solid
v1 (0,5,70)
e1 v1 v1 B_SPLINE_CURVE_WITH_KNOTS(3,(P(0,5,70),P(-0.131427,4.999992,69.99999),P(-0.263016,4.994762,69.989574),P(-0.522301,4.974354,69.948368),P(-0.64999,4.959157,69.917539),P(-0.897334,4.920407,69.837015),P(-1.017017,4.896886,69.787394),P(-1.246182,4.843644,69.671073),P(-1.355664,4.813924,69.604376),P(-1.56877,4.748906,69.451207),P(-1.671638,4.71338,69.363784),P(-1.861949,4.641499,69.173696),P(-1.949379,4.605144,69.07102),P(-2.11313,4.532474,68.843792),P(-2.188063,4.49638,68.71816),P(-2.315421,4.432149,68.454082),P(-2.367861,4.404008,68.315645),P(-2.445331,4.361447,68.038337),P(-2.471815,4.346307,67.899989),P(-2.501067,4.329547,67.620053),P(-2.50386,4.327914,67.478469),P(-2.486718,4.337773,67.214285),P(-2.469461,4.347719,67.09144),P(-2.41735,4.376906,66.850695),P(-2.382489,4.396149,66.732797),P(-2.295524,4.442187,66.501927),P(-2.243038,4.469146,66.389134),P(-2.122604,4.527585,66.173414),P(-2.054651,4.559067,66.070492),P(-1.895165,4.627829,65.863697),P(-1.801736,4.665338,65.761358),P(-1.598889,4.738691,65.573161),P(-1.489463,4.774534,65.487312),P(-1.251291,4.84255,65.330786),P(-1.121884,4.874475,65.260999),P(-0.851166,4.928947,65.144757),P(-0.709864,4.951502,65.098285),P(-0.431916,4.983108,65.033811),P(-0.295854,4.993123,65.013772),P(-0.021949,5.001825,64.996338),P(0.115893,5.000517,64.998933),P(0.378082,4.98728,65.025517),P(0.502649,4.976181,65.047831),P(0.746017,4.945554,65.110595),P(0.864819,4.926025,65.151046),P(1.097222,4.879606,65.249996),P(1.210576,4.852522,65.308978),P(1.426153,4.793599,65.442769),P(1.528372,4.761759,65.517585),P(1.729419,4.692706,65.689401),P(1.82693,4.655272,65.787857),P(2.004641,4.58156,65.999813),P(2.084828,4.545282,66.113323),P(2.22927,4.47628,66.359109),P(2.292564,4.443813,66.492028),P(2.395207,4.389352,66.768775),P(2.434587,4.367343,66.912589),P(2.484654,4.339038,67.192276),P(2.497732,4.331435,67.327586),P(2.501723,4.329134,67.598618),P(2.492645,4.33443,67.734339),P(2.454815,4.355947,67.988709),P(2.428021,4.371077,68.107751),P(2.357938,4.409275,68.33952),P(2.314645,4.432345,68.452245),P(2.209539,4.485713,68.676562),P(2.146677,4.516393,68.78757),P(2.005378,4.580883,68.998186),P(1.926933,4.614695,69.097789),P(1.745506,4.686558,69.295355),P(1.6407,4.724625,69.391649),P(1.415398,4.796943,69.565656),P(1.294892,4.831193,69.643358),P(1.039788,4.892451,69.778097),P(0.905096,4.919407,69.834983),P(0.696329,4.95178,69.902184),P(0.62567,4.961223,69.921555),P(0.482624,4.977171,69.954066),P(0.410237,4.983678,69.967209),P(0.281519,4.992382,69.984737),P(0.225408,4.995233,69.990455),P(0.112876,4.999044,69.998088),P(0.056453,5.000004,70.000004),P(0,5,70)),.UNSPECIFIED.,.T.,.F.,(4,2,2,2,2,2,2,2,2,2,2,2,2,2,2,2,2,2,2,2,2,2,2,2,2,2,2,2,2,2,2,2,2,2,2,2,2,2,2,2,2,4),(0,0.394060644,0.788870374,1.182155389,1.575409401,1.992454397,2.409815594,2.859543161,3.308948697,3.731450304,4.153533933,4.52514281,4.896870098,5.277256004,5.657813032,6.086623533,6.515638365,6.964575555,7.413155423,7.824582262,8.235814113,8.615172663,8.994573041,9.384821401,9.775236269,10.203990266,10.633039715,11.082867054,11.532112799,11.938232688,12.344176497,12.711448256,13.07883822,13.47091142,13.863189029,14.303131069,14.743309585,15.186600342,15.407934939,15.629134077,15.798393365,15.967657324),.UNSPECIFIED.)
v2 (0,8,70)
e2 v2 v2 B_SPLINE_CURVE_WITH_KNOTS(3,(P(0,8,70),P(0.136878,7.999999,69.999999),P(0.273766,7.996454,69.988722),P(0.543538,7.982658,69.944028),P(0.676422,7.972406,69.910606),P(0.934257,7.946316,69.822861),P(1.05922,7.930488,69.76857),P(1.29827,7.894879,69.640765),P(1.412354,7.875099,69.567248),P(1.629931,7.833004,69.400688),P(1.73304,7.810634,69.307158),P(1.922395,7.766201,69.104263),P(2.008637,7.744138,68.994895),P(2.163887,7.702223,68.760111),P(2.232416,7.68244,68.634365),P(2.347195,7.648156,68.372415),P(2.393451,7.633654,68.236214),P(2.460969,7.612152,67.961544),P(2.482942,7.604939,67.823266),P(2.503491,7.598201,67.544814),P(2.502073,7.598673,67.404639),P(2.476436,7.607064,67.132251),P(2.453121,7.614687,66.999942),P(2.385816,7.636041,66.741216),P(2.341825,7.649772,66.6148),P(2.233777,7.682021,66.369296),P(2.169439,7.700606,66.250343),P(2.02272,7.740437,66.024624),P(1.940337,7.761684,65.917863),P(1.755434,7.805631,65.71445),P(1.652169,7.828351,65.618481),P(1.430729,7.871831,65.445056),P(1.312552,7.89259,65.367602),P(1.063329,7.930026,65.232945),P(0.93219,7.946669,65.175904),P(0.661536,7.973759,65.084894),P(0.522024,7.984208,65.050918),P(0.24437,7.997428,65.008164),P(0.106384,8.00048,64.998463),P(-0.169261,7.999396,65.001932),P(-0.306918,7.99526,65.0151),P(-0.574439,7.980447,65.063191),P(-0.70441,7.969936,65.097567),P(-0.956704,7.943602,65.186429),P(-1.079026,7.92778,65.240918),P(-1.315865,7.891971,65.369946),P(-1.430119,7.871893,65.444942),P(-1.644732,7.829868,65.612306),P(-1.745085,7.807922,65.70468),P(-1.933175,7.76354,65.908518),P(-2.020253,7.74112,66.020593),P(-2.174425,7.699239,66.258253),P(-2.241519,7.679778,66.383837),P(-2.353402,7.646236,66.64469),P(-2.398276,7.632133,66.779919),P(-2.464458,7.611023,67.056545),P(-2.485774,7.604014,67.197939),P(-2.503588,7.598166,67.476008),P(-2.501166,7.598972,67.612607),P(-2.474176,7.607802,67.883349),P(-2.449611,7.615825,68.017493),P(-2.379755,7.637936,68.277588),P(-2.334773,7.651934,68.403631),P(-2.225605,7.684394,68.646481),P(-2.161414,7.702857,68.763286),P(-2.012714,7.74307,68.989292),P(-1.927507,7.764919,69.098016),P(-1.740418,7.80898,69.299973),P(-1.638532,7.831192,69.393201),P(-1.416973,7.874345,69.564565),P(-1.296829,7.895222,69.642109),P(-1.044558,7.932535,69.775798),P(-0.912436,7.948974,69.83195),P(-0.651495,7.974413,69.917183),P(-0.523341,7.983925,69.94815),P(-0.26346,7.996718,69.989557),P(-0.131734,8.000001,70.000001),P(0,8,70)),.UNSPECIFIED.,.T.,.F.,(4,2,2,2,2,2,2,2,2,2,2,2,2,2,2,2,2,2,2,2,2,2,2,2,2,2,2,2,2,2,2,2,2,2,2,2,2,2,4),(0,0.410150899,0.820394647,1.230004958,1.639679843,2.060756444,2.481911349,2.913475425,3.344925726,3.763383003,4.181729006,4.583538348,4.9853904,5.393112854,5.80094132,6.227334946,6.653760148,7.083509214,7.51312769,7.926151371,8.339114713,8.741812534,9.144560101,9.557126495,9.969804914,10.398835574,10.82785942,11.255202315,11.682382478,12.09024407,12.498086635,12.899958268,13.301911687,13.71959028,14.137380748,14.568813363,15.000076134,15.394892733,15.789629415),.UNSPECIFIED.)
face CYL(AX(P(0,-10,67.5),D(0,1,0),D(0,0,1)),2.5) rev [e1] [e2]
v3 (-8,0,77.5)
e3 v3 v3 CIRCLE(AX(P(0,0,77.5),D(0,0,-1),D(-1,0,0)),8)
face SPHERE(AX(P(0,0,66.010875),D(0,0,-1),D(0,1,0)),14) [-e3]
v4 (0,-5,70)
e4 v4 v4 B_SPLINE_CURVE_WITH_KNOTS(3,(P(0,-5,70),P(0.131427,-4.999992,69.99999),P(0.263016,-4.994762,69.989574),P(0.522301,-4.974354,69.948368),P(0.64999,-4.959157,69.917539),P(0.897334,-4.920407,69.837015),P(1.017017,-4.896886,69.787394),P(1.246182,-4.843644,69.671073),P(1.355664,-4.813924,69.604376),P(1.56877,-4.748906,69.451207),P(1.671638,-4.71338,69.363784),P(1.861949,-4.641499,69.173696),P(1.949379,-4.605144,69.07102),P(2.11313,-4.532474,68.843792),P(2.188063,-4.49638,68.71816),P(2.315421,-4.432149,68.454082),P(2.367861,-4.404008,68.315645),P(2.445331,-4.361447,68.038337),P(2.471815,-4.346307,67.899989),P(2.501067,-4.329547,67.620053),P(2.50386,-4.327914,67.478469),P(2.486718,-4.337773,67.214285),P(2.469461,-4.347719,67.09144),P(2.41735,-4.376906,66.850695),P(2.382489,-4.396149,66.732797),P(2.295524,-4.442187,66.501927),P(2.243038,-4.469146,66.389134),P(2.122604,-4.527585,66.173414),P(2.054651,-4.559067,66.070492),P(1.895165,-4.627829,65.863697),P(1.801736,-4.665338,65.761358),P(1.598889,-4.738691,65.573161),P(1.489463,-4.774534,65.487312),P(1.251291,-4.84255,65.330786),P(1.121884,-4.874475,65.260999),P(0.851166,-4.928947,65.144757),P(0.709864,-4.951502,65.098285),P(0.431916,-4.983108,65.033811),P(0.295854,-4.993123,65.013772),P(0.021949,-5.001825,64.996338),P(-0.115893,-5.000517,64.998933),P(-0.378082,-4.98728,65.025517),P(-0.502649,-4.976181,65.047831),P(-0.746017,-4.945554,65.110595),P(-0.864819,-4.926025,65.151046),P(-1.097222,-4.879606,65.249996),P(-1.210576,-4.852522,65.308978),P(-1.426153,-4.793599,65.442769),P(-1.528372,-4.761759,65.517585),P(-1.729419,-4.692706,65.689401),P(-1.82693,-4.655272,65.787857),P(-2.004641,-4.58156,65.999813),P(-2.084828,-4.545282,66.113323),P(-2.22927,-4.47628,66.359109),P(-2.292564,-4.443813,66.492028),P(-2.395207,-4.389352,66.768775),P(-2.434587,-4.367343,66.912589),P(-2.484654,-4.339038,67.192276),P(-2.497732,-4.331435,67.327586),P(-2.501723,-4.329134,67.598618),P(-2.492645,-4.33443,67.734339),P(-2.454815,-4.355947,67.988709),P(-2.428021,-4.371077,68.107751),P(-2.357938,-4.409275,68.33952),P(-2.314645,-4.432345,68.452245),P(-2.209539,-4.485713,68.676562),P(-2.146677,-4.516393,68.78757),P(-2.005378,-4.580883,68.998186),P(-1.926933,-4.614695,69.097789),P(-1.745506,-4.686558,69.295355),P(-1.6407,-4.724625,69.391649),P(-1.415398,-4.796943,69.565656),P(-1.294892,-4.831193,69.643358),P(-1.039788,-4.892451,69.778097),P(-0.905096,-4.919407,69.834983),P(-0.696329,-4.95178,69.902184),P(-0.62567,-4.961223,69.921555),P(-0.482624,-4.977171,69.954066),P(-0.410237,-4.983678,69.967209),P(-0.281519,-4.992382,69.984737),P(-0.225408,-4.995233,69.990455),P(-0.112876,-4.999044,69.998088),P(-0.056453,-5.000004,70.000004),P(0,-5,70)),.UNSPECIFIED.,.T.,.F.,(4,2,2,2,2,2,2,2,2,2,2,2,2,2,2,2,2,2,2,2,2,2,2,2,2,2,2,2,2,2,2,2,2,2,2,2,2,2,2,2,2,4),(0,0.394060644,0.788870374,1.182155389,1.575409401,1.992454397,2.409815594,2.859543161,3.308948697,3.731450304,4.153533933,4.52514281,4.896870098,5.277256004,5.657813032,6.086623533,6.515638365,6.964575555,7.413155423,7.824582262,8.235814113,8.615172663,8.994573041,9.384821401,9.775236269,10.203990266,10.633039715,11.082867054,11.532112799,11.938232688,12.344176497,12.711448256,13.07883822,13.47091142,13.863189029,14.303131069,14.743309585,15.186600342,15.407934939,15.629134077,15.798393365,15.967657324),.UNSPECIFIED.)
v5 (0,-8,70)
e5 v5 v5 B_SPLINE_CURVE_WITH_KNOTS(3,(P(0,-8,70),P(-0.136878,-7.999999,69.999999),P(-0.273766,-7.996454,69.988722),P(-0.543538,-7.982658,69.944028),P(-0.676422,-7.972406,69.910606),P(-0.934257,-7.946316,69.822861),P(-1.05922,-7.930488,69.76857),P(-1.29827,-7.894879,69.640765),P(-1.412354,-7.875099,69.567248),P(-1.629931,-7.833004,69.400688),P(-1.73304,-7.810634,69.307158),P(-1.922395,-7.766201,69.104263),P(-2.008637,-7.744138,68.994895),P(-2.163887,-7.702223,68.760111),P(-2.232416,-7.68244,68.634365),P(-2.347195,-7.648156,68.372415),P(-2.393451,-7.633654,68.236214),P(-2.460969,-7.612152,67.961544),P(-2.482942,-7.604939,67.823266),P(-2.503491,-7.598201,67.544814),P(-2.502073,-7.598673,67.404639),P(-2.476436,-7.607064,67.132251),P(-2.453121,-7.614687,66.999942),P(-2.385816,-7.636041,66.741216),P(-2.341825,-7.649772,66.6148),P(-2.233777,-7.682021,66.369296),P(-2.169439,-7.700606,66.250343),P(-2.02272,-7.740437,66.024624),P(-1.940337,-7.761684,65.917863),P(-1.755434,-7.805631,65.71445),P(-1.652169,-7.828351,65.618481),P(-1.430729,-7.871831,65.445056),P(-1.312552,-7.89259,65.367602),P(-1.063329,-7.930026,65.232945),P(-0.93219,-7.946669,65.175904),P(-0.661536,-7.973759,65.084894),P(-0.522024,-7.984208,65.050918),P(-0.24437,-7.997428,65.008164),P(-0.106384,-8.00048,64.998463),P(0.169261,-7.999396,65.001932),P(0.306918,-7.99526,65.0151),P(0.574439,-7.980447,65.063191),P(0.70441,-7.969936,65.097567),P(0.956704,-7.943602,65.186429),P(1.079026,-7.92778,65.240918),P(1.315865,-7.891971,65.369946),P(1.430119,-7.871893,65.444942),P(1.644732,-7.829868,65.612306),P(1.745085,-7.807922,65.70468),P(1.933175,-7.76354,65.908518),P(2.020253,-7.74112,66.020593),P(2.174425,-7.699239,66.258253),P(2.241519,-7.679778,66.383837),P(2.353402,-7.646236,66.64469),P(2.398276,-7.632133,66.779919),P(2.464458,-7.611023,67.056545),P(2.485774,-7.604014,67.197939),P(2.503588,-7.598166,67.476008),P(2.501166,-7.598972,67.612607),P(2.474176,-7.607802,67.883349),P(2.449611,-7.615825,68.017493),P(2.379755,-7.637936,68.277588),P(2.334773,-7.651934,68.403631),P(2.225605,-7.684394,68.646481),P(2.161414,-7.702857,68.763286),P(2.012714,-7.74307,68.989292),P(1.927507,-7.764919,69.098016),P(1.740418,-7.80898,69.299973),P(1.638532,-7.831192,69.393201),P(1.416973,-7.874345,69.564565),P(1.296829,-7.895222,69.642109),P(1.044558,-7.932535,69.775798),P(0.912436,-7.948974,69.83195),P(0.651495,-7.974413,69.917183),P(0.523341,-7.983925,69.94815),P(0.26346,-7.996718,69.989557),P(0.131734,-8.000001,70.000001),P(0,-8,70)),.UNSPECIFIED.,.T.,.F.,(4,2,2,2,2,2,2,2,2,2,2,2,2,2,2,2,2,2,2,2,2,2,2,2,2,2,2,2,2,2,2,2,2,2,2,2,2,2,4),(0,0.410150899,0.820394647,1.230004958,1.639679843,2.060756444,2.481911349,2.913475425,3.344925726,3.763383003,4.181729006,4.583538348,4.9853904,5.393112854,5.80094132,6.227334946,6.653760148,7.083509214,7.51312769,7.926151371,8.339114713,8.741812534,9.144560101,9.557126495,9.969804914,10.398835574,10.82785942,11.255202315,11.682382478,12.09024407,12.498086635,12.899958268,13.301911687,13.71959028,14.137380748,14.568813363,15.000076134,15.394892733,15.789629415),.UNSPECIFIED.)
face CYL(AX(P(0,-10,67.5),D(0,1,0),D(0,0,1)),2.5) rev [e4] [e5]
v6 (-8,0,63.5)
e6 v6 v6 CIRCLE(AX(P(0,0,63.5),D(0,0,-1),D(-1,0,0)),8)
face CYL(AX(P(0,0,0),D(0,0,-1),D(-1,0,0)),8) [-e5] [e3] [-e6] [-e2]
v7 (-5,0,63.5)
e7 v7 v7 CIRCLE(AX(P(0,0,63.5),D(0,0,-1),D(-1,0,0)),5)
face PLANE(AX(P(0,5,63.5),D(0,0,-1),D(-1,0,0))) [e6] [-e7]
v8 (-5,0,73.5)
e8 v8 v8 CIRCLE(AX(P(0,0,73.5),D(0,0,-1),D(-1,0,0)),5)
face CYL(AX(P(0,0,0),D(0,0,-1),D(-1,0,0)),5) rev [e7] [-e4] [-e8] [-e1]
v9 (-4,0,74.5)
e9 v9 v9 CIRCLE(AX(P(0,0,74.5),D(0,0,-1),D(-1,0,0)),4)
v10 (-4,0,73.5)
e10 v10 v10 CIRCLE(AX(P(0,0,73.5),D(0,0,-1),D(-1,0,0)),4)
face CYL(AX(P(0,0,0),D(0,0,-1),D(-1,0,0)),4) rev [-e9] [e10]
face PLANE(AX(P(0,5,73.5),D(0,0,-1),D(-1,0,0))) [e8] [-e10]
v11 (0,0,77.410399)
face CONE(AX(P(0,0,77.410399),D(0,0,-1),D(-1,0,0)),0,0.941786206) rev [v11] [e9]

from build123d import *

# Parameters (mm, degrees)
ESQUISSE3_R             = 2.5
ENL_V_MAT_EXTRU_1_DEPTH = 10


with BuildPart() as part:
    # Esquisse2 → Base-Révolution (revolve)
    with BuildSketch(Plane(origin=(0, 0, 0), x_dir=(0, 0, -1), z_dir=(1, 0, 0))):
        with BuildLine():
            Line((-63.5, 5), (-73.5, 5))
            Line((-73.5, 5), (-73.5, 4))
            Line((-73.5, 4), (-74.5, 4))
            Line((-74.5, 4), (-77.41039886, 0))
            Line((-77.41039886, 0), (-80.010874707, 0))
            ThreePointArc((-80.010874707, 0), (-79.368414789, 4.192388692), (-77.5, 8))
            Line((-77.5, 8), (-63.5, 8))
            Line((-63.5, 8), (-63.5, 5))
        make_face()
    revolve(axis=Axis((0, 0, 0), (0, 0, 1)))

    # Esquisse3 → Enlèv. mat.-Extru.1 (cut, symmetric)
    with BuildSketch(Plane(origin=(0, 0, 0), x_dir=(1, 0, 0), z_dir=(0, 1, 0))):
        with Locations((0, -67.5)):
            Circle(ESQUISSE3_R)
    extrude(amount=ENL_V_MAT_EXTRU_1_DEPTH, both=True, mode=Mode.SUBTRACT)


solid = part.part
